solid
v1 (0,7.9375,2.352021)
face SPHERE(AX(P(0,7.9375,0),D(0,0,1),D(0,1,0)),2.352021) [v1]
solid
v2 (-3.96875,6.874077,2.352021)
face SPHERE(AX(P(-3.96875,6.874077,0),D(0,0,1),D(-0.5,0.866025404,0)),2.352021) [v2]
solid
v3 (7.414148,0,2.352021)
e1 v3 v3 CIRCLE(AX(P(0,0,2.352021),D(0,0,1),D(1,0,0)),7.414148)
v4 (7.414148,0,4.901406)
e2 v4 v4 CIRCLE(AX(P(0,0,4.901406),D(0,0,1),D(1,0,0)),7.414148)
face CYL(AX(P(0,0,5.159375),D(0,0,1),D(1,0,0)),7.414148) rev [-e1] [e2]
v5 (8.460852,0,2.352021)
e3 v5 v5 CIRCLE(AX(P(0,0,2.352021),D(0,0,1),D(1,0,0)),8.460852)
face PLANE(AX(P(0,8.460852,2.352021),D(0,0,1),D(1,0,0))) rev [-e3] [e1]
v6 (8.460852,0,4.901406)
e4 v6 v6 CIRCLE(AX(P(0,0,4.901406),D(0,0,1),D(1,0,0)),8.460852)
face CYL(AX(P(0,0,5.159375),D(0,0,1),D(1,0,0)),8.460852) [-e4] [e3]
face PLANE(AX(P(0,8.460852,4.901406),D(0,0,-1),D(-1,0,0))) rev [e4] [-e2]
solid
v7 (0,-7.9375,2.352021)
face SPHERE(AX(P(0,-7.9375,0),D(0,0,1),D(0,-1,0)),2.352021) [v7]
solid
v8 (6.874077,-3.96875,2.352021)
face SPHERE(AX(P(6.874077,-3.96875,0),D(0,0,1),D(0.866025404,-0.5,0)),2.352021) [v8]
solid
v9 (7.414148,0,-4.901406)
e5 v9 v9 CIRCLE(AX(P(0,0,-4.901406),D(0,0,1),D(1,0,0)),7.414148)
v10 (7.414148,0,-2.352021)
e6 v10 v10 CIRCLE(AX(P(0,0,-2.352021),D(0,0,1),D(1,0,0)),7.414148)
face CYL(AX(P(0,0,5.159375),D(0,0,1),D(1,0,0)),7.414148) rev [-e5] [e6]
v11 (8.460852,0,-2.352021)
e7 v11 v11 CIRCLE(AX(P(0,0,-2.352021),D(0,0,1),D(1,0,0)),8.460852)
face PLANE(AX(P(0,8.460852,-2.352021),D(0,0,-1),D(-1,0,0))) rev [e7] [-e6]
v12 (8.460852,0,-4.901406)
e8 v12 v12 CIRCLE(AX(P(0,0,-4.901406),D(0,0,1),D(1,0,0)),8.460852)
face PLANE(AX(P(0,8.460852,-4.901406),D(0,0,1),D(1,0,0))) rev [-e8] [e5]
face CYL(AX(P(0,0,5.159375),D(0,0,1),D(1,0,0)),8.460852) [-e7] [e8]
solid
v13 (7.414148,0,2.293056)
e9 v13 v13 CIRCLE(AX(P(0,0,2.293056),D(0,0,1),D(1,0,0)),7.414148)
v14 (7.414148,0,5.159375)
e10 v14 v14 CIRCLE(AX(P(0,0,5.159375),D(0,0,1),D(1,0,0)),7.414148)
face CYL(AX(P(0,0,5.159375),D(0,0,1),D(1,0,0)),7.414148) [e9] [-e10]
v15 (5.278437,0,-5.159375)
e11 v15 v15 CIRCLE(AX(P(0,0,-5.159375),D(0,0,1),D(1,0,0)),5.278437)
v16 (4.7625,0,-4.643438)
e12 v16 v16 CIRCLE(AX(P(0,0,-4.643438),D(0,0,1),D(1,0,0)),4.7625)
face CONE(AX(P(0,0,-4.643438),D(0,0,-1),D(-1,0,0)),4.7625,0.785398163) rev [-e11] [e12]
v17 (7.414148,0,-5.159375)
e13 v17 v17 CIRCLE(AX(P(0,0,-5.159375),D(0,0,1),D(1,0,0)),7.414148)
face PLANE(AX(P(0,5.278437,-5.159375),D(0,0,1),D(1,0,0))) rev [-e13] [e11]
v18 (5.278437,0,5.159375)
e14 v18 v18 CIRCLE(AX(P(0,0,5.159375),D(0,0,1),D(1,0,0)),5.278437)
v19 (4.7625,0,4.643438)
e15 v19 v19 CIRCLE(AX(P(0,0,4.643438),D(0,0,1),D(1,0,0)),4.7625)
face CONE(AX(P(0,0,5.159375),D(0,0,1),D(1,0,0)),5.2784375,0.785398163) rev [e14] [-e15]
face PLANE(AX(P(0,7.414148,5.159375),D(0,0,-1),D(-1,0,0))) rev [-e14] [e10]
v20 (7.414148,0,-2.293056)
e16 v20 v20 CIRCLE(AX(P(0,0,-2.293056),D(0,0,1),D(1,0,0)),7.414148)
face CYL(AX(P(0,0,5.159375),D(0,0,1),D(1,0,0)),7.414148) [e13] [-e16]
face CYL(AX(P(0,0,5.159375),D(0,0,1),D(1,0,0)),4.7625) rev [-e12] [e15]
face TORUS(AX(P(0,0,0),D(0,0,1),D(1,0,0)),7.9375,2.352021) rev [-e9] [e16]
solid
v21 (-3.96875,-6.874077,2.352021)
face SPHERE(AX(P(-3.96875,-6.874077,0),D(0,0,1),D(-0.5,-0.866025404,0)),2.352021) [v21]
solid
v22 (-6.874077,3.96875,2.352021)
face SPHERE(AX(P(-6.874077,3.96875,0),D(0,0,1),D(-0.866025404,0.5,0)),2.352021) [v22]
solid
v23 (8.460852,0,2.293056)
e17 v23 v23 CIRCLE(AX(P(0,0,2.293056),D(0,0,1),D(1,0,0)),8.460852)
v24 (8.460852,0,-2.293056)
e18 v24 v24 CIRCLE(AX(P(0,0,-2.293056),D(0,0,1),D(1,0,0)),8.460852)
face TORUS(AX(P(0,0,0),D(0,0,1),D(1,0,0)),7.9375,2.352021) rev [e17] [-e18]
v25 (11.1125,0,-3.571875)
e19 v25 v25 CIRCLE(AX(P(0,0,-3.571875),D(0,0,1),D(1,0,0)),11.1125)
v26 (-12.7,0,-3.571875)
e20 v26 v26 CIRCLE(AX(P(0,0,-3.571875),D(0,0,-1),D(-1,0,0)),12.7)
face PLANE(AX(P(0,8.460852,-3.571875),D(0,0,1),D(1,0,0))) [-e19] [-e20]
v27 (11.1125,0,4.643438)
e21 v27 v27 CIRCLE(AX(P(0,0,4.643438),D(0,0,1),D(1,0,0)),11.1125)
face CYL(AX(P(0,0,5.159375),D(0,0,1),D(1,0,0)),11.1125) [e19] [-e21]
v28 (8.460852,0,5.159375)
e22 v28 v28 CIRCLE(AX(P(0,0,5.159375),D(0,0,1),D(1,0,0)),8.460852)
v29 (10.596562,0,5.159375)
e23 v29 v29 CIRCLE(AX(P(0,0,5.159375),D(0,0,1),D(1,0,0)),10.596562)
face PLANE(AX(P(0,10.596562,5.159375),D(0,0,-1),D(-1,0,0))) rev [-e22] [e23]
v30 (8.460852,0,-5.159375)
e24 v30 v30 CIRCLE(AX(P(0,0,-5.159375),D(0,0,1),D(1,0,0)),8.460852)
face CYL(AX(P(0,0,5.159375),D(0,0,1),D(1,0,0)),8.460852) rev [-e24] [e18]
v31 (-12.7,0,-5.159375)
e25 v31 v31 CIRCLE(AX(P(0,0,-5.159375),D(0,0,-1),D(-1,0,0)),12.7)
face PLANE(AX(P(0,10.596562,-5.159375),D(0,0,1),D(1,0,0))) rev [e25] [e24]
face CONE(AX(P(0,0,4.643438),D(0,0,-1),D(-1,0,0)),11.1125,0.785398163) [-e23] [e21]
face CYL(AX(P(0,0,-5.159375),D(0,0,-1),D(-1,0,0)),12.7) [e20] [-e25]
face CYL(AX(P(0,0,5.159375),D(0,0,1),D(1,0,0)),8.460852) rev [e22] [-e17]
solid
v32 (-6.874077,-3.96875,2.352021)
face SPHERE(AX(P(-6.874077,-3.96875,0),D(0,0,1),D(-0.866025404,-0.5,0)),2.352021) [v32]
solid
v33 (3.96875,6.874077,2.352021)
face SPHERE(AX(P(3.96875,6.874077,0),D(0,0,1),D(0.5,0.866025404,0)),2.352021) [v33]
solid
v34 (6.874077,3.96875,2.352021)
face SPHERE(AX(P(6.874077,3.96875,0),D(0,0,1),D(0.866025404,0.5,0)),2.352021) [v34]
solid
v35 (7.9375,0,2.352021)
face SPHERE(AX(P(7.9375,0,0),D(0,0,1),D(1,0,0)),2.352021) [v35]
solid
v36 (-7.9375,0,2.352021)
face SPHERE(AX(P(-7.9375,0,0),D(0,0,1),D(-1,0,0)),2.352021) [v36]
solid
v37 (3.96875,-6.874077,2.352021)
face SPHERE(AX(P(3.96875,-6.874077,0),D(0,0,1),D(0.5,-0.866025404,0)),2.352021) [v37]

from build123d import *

# Parameters (mm, degrees)
CIRPATTERN1_COUNT = 12
SKETCH5_W         = 2.549385687
SKETCH5_H         = 1.046703296
SKETCH6_W         = 1.5875
SKETCH6_H         = 4.239148352


with BuildPart() as part:
    # Sketch1 → Revolve1 (revolve)
    with BuildSketch(Plane(origin=(0, 0, 0), x_dir=(0, 0, -1), z_dir=(1, 0, 0))):
        with BuildLine():
            Line((4.6434375, 11.1125), (-4.6434375, 11.1125))
            Line((-4.6434375, 11.1125), (-5.159375, 10.5965625))
            Line((-5.159375, 10.5965625), (-5.159375, 8.460851648))
            Line((-5.159375, 8.460851648), (-2.293055556, 8.460851648))
            ThreePointArc((-2.293055556, 8.460851648), (0, 10.289520563), (2.293055556, 8.460851648))
            Line((2.293055556, 8.460851648), (5.159375, 8.460851648))
            Line((5.159375, 8.460851648), (5.159375, 10.5965625))
            Line((5.159375, 10.5965625), (4.6434375, 11.1125))
        make_face()
    revolve(axis=Axis((0, 0, 5.159375), (0, 0, -1)))

    # Sketch6 → Revolve6 (revolve)
    with BuildSketch(Plane(origin=(0, 0, 0), x_dir=(0, 0, -1), z_dir=(1, 0, 0))):
        with Locations((4.365625, 10.580425824)):
            Rectangle(SKETCH6_W, SKETCH6_H)
    revolve(axis=Axis((0, 0, -5.159375), (0, 0, 1)))


with BuildPart() as body_2:
    # Sketch3 → Revolve3 (revolve)
    with BuildSketch(Plane(origin=(0, 0, 0), x_dir=(0, 0, -1), z_dir=(1, 0, 0))):
        with BuildLine():
            Line((-5.159375, 7.414148352), (-2.293055556, 7.414148352))
            ThreePointArc((-2.293055556, 7.414148352), (0, 5.585479437), (2.293055556, 7.414148352))
            Line((2.293055556, 7.414148352), (5.159375, 7.414148352))
            Line((5.159375, 7.414148352), (5.159375, 5.2784375))
            Line((5.159375, 5.2784375), (4.6434375, 4.7625))
            Line((4.6434375, 4.7625), (-4.6434375, 4.7625))
            Line((-4.6434375, 4.7625), (-5.159375, 5.2784375))
            Line((-5.159375, 5.2784375), (-5.159375, 7.414148352))
        make_face()
    revolve(axis=Axis((0, 0, 5.159375), (0, 0, -1)))


with BuildPart() as body_3:
    # Sketch4 → Revolve4 (revolve)
    with BuildSketch(Plane(origin=(0, 0, 0), x_dir=(0, 0, -1), z_dir=(1, 0, 0))):
        with BuildLine():
            Line((-2.352020563, 7.9375), (2.352020563, 7.9375))
            ThreePointArc((2.352020563, 7.9375), (0, 10.289520563), (-2.352020563, 7.9375))
        make_face()
    revolve(axis=Axis((0, 7.9375, 2.352020563), (0, 0, -1)))


with BuildPart() as cirpattern1_1:
    # CirPattern1: pattern copy
    add(body_3.part.rotate(Axis((0, 0, -5.159375), (0, 0, 1)), 1 * 360 / CIRPATTERN1_COUNT))


with BuildPart() as cirpattern1_2:
    # CirPattern1: pattern copy
    add(body_3.part.rotate(Axis((0, 0, -5.159375), (0, 0, 1)), 2 * 360 / CIRPATTERN1_COUNT))


with BuildPart() as cirpattern1_3:
    # CirPattern1: pattern copy
    add(body_3.part.rotate(Axis((0, 0, -5.159375), (0, 0, 1)), 3 * 360 / CIRPATTERN1_COUNT))


with BuildPart() as cirpattern1_4:
    # CirPattern1: pattern copy
    add(body_3.part.rotate(Axis((0, 0, -5.159375), (0, 0, 1)), 4 * 360 / CIRPATTERN1_COUNT))


with BuildPart() as cirpattern1_5:
    # CirPattern1: pattern copy
    add(body_3.part.rotate(Axis((0, 0, -5.159375), (0, 0, 1)), 5 * 360 / CIRPATTERN1_COUNT))


with BuildPart() as cirpattern1_6:
    # CirPattern1: pattern copy
    add(body_3.part.rotate(Axis((0, 0, -5.159375), (0, 0, 1)), 6 * 360 / CIRPATTERN1_COUNT))


with BuildPart() as cirpattern1_7:
    # CirPattern1: pattern copy
    add(body_3.part.rotate(Axis((0, 0, -5.159375), (0, 0, 1)), 7 * 360 / CIRPATTERN1_COUNT))


with BuildPart() as cirpattern1_8:
    # CirPattern1: pattern copy
    add(body_3.part.rotate(Axis((0, 0, -5.159375), (0, 0, 1)), 8 * 360 / CIRPATTERN1_COUNT))


with BuildPart() as cirpattern1_9:
    # CirPattern1: pattern copy
    add(body_3.part.rotate(Axis((0, 0, -5.159375), (0, 0, 1)), 9 * 360 / CIRPATTERN1_COUNT))


with BuildPart() as cirpattern1_10:
    # CirPattern1: pattern copy
    add(body_3.part.rotate(Axis((0, 0, -5.159375), (0, 0, 1)), 10 * 360 / CIRPATTERN1_COUNT))


with BuildPart() as cirpattern1_11:
    # CirPattern1: pattern copy
    add(body_3.part.rotate(Axis((0, 0, -5.159375), (0, 0, 1)), 11 * 360 / CIRPATTERN1_COUNT))


with BuildPart() as body_15:
    # Sketch5 → Revolve5 (revolve)
    with BuildSketch(Plane(origin=(0, 0, 0), x_dir=(0, 0, -1), z_dir=(1, 0, 0))):
        with Locations((-3.626713406, 7.9375)):
            Rectangle(SKETCH5_W, SKETCH5_H)
        with Locations((3.626713406, 7.9375)):
            Rectangle(SKETCH5_W, SKETCH5_H)
    revolve(axis=Axis((0, 0, 5.159375), (0, 0, -1)))


solid = Compound([part.part, body_2.part, body_3.part, cirpattern1_1.part, cirpattern1_2.part, cirpattern1_3.part, cirpattern1_4.part, cirpattern1_5.part, cirpattern1_6.part, cirpattern1_7.part, cirpattern1_8.part, cirpattern1_9.part, cirpattern1_10.part, cirpattern1_11.part, body_15.part])
